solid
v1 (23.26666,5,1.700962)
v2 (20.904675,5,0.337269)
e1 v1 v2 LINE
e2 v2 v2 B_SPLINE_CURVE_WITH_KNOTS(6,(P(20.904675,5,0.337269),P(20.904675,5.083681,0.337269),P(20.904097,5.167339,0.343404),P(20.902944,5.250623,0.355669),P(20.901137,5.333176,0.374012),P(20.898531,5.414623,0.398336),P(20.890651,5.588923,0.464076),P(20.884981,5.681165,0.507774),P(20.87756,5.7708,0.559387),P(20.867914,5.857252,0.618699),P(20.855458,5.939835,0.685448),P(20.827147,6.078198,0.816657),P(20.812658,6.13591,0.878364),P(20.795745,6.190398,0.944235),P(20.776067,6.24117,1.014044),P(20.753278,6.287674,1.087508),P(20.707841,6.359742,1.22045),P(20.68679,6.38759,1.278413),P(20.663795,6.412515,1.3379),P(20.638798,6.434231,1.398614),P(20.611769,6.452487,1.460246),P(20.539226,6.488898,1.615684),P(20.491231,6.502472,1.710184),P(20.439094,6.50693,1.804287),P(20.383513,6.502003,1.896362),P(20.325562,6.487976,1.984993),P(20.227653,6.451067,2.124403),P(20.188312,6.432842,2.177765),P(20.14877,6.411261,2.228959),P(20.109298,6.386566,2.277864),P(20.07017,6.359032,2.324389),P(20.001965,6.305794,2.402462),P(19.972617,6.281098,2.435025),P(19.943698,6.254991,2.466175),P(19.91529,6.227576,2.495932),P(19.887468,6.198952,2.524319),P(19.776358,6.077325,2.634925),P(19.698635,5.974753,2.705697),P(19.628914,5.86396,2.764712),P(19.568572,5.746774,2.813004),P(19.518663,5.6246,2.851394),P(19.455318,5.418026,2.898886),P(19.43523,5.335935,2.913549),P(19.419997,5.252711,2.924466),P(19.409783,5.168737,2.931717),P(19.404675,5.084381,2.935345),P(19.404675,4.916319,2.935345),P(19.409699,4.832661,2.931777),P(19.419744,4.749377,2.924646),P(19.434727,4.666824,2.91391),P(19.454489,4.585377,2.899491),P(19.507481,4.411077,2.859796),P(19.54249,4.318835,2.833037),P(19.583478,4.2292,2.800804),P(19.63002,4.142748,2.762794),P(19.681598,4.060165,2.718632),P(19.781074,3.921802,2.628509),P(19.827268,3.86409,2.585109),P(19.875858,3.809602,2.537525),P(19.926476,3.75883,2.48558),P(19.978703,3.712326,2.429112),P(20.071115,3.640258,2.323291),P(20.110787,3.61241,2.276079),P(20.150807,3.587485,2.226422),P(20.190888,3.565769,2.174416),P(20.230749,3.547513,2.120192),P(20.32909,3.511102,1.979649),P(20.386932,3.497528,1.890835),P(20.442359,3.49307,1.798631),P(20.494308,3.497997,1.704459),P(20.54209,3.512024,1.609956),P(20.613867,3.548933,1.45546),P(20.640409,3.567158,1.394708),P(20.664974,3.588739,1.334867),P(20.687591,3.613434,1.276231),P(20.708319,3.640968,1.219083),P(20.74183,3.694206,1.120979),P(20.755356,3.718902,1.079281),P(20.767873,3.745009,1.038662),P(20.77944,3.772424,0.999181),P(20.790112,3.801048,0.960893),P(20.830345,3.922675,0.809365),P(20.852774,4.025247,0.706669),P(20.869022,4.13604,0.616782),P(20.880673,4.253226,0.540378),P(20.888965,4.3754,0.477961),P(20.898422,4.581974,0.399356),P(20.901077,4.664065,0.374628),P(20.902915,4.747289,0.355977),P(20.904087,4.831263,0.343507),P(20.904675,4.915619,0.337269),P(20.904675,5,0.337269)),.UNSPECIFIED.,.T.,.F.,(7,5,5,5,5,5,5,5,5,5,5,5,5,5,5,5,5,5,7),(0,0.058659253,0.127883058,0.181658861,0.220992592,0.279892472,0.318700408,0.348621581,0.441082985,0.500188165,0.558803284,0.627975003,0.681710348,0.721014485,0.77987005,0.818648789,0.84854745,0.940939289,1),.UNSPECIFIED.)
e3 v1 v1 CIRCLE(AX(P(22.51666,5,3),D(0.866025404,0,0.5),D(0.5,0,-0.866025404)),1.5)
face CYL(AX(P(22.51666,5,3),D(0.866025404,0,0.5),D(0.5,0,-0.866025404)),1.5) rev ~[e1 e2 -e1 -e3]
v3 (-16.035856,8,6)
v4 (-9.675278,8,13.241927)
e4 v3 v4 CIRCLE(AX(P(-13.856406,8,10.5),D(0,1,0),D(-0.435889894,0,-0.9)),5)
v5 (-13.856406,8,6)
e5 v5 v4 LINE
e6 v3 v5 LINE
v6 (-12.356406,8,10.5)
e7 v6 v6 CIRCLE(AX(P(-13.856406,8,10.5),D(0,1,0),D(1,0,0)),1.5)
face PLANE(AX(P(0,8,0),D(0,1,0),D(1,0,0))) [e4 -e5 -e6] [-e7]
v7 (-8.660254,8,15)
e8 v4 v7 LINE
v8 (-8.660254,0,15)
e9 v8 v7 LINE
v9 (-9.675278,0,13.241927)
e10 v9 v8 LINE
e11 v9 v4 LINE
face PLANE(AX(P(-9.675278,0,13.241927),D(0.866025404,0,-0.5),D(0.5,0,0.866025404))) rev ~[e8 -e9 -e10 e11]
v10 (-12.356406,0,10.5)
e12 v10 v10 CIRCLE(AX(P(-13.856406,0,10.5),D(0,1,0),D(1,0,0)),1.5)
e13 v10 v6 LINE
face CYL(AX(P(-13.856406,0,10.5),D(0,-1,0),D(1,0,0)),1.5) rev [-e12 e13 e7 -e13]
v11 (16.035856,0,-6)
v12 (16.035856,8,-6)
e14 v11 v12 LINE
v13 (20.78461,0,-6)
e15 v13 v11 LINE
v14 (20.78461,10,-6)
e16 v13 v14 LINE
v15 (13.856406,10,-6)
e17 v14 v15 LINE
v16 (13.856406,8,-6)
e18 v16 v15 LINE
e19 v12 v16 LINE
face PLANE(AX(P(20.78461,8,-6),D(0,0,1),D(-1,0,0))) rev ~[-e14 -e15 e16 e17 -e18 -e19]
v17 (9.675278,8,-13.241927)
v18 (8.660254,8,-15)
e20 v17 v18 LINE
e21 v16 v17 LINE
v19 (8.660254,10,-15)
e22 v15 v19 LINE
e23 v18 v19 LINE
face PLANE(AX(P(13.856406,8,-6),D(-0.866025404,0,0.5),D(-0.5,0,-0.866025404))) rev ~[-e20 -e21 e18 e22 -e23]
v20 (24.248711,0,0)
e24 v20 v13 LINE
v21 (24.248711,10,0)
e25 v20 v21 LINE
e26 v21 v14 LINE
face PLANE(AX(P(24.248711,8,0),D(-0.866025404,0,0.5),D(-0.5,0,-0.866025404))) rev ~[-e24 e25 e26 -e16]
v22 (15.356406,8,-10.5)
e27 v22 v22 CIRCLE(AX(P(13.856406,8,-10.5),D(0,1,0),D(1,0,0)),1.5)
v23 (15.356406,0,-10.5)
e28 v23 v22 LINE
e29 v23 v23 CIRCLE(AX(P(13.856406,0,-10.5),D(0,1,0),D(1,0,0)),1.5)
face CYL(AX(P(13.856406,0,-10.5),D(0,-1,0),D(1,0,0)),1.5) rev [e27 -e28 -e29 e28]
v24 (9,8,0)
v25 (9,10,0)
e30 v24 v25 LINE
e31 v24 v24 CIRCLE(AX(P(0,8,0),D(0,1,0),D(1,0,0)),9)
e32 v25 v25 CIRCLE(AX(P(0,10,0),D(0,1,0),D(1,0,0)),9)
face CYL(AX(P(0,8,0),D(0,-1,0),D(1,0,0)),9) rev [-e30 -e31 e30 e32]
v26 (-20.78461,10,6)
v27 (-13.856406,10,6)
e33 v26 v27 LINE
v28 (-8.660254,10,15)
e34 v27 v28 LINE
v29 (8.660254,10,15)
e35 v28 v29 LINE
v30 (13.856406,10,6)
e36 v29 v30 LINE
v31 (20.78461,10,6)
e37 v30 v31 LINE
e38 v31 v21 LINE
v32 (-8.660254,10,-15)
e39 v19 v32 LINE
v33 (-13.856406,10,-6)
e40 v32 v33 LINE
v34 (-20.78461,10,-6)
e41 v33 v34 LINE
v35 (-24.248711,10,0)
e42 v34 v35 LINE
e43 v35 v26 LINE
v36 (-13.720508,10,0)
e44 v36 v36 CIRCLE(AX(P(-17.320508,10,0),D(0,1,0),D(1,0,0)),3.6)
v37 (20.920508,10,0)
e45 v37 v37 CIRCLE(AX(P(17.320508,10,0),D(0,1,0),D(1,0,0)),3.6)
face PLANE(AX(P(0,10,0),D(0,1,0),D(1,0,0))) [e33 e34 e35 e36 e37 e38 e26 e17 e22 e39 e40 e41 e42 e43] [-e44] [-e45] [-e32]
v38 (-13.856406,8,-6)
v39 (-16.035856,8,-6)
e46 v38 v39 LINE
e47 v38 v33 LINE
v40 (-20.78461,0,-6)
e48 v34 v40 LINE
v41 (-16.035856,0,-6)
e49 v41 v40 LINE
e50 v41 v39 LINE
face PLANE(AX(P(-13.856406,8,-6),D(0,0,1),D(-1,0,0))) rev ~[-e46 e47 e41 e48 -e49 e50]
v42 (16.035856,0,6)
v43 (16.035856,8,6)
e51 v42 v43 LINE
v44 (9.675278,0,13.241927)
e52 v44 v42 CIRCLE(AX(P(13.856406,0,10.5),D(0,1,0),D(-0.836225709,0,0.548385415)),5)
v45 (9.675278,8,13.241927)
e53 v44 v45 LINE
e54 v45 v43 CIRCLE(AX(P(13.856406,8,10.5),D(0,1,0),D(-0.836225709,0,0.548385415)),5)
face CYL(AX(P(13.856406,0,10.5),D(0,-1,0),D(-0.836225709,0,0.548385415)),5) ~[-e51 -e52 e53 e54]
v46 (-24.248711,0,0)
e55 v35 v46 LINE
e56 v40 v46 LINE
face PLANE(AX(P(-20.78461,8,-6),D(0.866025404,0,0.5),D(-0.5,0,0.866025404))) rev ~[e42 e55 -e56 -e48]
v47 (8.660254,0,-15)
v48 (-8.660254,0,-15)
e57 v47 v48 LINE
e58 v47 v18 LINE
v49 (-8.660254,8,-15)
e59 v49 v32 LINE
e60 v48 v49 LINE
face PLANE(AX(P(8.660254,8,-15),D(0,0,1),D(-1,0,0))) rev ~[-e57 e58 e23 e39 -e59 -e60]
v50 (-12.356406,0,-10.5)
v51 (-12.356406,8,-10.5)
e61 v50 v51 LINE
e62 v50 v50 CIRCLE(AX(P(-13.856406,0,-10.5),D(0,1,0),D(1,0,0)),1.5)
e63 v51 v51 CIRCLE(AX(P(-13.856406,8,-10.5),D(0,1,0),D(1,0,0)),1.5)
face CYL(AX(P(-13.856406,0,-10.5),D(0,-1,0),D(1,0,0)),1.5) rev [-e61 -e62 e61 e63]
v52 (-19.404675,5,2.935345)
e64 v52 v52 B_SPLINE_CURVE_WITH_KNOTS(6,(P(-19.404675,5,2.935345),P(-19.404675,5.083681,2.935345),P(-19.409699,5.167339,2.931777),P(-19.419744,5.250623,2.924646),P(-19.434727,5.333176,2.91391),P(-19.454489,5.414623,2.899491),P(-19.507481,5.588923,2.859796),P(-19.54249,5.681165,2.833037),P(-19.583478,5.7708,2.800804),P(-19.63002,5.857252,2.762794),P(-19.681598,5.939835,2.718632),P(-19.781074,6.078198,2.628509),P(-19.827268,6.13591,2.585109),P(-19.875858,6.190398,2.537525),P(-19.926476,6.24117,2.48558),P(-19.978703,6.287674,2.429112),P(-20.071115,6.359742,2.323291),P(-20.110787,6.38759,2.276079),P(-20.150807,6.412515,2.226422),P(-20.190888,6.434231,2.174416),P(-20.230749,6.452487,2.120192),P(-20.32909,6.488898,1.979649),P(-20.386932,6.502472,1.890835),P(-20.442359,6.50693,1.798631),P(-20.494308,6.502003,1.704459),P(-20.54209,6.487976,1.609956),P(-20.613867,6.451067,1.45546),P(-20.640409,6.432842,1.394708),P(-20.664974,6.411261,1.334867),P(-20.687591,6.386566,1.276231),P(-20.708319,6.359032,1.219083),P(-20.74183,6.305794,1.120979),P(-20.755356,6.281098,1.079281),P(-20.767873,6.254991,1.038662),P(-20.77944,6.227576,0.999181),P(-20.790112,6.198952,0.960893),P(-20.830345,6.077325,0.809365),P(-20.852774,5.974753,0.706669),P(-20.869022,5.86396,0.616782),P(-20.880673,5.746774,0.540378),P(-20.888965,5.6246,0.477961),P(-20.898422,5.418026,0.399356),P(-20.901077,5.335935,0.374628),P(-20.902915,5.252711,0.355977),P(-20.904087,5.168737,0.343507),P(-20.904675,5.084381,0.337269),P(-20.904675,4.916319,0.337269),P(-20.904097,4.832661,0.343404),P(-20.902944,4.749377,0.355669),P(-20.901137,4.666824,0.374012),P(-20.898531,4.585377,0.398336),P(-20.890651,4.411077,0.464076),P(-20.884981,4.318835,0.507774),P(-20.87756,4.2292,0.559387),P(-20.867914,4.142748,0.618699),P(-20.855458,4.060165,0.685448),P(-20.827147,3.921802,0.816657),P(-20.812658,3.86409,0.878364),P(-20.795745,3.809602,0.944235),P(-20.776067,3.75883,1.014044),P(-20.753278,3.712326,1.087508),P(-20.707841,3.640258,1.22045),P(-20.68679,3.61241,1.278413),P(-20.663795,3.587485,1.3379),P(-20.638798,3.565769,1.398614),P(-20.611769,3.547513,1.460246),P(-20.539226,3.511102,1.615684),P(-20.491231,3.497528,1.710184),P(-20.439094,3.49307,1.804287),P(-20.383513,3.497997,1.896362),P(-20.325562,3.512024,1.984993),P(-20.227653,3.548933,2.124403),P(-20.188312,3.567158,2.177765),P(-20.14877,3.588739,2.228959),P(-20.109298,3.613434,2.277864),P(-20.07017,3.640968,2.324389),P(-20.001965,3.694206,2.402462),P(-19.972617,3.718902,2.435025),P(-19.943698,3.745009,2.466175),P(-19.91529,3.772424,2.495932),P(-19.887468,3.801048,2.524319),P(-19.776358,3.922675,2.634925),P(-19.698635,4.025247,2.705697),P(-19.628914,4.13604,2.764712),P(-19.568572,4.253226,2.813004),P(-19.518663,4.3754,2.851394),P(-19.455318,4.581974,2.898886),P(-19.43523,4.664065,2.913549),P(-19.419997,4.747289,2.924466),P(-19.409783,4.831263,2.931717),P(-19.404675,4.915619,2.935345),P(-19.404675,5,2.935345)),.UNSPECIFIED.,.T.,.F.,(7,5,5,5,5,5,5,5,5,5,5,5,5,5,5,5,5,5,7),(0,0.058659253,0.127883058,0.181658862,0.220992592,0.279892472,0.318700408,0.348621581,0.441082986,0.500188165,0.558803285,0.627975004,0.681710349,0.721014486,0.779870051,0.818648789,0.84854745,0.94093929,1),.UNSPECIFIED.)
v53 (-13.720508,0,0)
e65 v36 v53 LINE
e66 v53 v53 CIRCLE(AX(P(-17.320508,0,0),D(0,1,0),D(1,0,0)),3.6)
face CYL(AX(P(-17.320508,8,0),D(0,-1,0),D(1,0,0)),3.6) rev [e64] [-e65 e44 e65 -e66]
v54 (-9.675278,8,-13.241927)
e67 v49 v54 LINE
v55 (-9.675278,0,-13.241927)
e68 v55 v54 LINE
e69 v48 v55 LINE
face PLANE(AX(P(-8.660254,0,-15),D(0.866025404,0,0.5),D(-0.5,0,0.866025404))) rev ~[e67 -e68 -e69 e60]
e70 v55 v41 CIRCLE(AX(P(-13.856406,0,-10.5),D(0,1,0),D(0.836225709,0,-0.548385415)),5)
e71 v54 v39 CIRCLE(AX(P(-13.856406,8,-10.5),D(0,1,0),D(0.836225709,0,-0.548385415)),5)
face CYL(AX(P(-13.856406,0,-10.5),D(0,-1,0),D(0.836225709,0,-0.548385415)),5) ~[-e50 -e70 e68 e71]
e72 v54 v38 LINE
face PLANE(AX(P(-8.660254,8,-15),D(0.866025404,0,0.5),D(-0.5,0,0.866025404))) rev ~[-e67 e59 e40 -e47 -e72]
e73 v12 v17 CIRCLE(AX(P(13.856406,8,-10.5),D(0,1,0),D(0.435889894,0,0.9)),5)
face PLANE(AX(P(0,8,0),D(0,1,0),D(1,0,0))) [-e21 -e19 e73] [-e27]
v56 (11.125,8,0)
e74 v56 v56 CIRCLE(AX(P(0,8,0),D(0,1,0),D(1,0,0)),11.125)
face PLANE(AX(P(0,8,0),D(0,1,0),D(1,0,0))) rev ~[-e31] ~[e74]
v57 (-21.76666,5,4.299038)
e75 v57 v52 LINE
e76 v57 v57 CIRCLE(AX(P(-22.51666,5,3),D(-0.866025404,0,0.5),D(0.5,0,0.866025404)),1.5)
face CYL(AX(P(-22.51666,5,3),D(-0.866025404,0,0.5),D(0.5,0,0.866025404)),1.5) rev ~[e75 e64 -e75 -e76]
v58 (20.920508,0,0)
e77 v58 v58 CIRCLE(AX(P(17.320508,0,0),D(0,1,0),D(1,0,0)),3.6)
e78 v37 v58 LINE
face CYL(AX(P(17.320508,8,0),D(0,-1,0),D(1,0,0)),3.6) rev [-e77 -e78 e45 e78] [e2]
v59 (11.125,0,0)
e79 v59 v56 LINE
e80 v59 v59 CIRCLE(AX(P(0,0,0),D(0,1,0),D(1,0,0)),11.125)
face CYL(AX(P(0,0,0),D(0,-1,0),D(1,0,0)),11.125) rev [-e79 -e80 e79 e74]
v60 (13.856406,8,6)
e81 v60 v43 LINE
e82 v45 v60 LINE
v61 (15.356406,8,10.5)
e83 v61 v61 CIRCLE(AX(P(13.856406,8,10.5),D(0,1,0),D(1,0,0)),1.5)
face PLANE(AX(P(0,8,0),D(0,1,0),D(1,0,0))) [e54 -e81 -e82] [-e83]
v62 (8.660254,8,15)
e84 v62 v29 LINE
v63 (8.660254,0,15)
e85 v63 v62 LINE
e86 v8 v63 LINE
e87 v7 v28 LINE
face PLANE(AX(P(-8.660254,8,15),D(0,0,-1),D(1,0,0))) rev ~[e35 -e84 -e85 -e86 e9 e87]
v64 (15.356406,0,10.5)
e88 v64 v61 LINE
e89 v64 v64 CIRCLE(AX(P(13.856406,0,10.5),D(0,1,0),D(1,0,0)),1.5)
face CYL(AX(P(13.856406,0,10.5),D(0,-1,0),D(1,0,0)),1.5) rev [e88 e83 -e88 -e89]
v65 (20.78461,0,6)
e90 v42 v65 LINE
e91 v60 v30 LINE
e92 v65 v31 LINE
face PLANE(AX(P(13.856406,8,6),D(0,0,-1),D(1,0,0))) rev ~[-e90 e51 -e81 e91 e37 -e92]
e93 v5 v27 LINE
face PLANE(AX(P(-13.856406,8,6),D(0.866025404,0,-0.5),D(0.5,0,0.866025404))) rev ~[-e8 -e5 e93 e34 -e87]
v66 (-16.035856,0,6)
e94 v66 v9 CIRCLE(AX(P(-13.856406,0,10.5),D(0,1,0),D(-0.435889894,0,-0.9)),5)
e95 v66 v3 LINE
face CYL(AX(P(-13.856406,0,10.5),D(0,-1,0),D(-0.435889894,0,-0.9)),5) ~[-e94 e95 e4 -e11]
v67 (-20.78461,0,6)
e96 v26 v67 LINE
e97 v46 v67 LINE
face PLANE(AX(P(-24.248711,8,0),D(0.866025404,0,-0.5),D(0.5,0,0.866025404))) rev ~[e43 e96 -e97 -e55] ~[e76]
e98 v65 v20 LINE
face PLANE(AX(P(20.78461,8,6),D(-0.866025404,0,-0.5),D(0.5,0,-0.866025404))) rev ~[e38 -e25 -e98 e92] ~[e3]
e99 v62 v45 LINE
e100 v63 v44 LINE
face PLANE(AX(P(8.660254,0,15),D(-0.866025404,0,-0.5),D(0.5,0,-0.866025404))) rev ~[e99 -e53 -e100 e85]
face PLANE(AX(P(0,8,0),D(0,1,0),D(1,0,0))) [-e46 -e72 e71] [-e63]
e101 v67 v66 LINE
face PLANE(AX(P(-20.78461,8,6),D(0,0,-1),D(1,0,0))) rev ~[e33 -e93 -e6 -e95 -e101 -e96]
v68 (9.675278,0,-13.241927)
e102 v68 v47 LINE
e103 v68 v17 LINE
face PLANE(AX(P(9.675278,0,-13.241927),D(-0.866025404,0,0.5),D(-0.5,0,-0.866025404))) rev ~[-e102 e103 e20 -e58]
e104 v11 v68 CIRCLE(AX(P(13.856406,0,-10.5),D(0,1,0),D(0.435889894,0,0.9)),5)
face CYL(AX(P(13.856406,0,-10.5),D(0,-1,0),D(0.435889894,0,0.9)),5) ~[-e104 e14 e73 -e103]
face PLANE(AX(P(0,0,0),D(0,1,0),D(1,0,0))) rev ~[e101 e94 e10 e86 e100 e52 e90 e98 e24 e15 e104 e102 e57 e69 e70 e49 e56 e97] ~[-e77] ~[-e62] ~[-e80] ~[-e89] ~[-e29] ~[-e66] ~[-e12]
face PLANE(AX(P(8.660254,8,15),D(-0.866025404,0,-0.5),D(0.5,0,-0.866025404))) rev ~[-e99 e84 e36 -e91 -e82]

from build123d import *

# Parameters (mm, degrees)
SKETCH1_R                      = 11.125
SKETCH1_R_2                    = 3.6
SKETCH1_R_3                    = 1.5
BOSS_EXTRUDE1_DEPTH            = 8
SKETCH2_R                      = 9
SKETCH2_R_2                    = 3.6
BOSS_EXTRUDE2_DEPTH            = 2
CUT_EXTRUDE1_REACH             = 51.75
SKETCH4_R                      = 1.5
CUT_EXTRUDE1_DIRECTION_2_DEPTH = 8.75
CUT_EXTRUDE2_REACH             = 51.75
SKETCH5_R                      = 1.5


with BuildPart() as part:
    # Sketch1 → Boss-Extrude1 (new body)
    with BuildSketch(Plane(origin=(0, 0, 0), x_dir=(1, 0, 0), z_dir=(0, 1, 0))):
        with BuildLine():
            Line((8.660254038, 15), (-8.660254038, 15))
            Line((-8.660254038, 15), (-9.675277915, 13.241927075))
            ThreePointArc((-9.675277915, 13.241927075), (-17.613141308, 13.799536829), (-16.035855932, 6))
            Line((-16.035855932, 6), (-20.784609691, 6))
            Line((-20.784609691, 6), (-24.248711306, 0))
            Line((-24.248711306, 0), (-20.784609691, -6))
            Line((-20.784609691, -6), (-16.035855932, -6))
            ThreePointArc((-16.035855932, -6), (-17.613141308, -13.799536829), (-9.675277915, -13.241927075))
            Line((-9.675277915, -13.241927075), (-8.660254038, -15))
            Line((-8.660254038, -15), (8.660254038, -15))
            Line((8.660254038, -15), (9.675277915, -13.241927075))
            ThreePointArc((9.675277915, -13.241927075), (17.613141308, -13.799536829), (16.035855932, -6))
            Line((16.035855932, -6), (20.784609691, -6))
            Line((20.784609691, -6), (24.248711306, 0))
            Line((24.248711306, 0), (20.784609691, 6))
            Line((20.784609691, 6), (16.035855932, 6))
            ThreePointArc((16.035855932, 6), (17.613141308, 13.799536829), (9.675277915, 13.241927075))
            Line((9.675277915, 13.241927075), (8.660254038, 15))
        make_face()
        Circle(SKETCH1_R, mode=Mode.SUBTRACT)
        with Locations((17.320508076, 0)):
            Circle(SKETCH1_R_2, mode=Mode.SUBTRACT)
        with Locations((-17.320508076, 0)):
            Circle(SKETCH1_R_2, mode=Mode.SUBTRACT)
        with Locations((-13.856406461, 10.5)):
            Circle(SKETCH1_R_3, mode=Mode.SUBTRACT)
        with Locations((13.856406461, 10.5)):
            Circle(SKETCH1_R_3, mode=Mode.SUBTRACT)
        with Locations((13.856406461, -10.5)):
            Circle(SKETCH1_R_3, mode=Mode.SUBTRACT)
        with Locations((-13.856406461, -10.5)):
            Circle(SKETCH1_R_3, mode=Mode.SUBTRACT)
    extrude(amount=BOSS_EXTRUDE1_DEPTH)

    # Sketch2 → Boss-Extrude2 (add)
    with BuildSketch(Plane(origin=(0, 8, 0), x_dir=(1, 0, 0), z_dir=(0, 1, 0))):
        Polygon((8.660254038, -15), (13.856406461, -6), (20.784609691, -6), (24.248711306, 0), (20.784609691, 6), (13.856406461, 6), (8.660254038, 15), (-8.660254038, 15), (-13.856406461, 6), (-20.784609691, 6), (-24.248711306, 0), (-20.784609691, -6), (-13.856406461, -6), (-8.660254038, -15), align=None)
        Circle(SKETCH2_R, mode=Mode.SUBTRACT)
        with Locations((-17.320508076, 0)):
            Circle(SKETCH2_R_2, mode=Mode.SUBTRACT)
        with Locations((17.320508076, 0)):
            Circle(SKETCH2_R_2, mode=Mode.SUBTRACT)
    extrude(amount=BOSS_EXTRUDE2_DEPTH)

    # Sketch4 → Cut-Extrude1 (cut, up to next)
    with BuildSketch(Plane(origin=(-18.186533479, 0, 10.5), x_dir=(0.5, 0, 0.866025404), z_dir=(-0.866025404, 0, 0.5)), mode=Mode.PRIVATE) as cut_extrude1_sk1:
        with Locations((-8.660254038, 5)):
            Circle(SKETCH4_R)
    cut_extrude1_tool1 = extrude(cut_extrude1_sk1.sketch, amount=-CUT_EXTRUDE1_REACH, mode=Mode.PRIVATE) & part.part
    add(cut_extrude1_tool1.solids().sort_by_distance((-22.51666, 5, 3))[0], mode=Mode.SUBTRACT)

    # Sketch4 → Cut-Extrude1 direction 2 (cut)
    with BuildSketch(Plane(origin=(-18.186533479, 0, 10.5), x_dir=(0.5, 0, 0.866025404), z_dir=(-0.866025404, 0, 0.5))):
        with Locations((-8.660254038, 5)):
            Circle(SKETCH4_R)
    extrude(amount=CUT_EXTRUDE1_DIRECTION_2_DEPTH, mode=Mode.SUBTRACT)

    # Sketch5 → Cut-Extrude2 (cut, up to next)
    with BuildSketch(Plane(origin=(18.186533479, 0, 10.5), x_dir=(0.5, 0, -0.866025404), z_dir=(0.866025404, 0, 0.5)), mode=Mode.PRIVATE) as cut_extrude2_sk1:
        with Locations((8.660254038, 5)):
            Circle(SKETCH5_R)
    cut_extrude2_tool1 = extrude(cut_extrude2_sk1.sketch, amount=-CUT_EXTRUDE2_REACH, mode=Mode.PRIVATE) & part.part
    add(cut_extrude2_tool1.solids().sort_by_distance((22.51666, 5, 3))[0], mode=Mode.SUBTRACT)


solid = part.part
